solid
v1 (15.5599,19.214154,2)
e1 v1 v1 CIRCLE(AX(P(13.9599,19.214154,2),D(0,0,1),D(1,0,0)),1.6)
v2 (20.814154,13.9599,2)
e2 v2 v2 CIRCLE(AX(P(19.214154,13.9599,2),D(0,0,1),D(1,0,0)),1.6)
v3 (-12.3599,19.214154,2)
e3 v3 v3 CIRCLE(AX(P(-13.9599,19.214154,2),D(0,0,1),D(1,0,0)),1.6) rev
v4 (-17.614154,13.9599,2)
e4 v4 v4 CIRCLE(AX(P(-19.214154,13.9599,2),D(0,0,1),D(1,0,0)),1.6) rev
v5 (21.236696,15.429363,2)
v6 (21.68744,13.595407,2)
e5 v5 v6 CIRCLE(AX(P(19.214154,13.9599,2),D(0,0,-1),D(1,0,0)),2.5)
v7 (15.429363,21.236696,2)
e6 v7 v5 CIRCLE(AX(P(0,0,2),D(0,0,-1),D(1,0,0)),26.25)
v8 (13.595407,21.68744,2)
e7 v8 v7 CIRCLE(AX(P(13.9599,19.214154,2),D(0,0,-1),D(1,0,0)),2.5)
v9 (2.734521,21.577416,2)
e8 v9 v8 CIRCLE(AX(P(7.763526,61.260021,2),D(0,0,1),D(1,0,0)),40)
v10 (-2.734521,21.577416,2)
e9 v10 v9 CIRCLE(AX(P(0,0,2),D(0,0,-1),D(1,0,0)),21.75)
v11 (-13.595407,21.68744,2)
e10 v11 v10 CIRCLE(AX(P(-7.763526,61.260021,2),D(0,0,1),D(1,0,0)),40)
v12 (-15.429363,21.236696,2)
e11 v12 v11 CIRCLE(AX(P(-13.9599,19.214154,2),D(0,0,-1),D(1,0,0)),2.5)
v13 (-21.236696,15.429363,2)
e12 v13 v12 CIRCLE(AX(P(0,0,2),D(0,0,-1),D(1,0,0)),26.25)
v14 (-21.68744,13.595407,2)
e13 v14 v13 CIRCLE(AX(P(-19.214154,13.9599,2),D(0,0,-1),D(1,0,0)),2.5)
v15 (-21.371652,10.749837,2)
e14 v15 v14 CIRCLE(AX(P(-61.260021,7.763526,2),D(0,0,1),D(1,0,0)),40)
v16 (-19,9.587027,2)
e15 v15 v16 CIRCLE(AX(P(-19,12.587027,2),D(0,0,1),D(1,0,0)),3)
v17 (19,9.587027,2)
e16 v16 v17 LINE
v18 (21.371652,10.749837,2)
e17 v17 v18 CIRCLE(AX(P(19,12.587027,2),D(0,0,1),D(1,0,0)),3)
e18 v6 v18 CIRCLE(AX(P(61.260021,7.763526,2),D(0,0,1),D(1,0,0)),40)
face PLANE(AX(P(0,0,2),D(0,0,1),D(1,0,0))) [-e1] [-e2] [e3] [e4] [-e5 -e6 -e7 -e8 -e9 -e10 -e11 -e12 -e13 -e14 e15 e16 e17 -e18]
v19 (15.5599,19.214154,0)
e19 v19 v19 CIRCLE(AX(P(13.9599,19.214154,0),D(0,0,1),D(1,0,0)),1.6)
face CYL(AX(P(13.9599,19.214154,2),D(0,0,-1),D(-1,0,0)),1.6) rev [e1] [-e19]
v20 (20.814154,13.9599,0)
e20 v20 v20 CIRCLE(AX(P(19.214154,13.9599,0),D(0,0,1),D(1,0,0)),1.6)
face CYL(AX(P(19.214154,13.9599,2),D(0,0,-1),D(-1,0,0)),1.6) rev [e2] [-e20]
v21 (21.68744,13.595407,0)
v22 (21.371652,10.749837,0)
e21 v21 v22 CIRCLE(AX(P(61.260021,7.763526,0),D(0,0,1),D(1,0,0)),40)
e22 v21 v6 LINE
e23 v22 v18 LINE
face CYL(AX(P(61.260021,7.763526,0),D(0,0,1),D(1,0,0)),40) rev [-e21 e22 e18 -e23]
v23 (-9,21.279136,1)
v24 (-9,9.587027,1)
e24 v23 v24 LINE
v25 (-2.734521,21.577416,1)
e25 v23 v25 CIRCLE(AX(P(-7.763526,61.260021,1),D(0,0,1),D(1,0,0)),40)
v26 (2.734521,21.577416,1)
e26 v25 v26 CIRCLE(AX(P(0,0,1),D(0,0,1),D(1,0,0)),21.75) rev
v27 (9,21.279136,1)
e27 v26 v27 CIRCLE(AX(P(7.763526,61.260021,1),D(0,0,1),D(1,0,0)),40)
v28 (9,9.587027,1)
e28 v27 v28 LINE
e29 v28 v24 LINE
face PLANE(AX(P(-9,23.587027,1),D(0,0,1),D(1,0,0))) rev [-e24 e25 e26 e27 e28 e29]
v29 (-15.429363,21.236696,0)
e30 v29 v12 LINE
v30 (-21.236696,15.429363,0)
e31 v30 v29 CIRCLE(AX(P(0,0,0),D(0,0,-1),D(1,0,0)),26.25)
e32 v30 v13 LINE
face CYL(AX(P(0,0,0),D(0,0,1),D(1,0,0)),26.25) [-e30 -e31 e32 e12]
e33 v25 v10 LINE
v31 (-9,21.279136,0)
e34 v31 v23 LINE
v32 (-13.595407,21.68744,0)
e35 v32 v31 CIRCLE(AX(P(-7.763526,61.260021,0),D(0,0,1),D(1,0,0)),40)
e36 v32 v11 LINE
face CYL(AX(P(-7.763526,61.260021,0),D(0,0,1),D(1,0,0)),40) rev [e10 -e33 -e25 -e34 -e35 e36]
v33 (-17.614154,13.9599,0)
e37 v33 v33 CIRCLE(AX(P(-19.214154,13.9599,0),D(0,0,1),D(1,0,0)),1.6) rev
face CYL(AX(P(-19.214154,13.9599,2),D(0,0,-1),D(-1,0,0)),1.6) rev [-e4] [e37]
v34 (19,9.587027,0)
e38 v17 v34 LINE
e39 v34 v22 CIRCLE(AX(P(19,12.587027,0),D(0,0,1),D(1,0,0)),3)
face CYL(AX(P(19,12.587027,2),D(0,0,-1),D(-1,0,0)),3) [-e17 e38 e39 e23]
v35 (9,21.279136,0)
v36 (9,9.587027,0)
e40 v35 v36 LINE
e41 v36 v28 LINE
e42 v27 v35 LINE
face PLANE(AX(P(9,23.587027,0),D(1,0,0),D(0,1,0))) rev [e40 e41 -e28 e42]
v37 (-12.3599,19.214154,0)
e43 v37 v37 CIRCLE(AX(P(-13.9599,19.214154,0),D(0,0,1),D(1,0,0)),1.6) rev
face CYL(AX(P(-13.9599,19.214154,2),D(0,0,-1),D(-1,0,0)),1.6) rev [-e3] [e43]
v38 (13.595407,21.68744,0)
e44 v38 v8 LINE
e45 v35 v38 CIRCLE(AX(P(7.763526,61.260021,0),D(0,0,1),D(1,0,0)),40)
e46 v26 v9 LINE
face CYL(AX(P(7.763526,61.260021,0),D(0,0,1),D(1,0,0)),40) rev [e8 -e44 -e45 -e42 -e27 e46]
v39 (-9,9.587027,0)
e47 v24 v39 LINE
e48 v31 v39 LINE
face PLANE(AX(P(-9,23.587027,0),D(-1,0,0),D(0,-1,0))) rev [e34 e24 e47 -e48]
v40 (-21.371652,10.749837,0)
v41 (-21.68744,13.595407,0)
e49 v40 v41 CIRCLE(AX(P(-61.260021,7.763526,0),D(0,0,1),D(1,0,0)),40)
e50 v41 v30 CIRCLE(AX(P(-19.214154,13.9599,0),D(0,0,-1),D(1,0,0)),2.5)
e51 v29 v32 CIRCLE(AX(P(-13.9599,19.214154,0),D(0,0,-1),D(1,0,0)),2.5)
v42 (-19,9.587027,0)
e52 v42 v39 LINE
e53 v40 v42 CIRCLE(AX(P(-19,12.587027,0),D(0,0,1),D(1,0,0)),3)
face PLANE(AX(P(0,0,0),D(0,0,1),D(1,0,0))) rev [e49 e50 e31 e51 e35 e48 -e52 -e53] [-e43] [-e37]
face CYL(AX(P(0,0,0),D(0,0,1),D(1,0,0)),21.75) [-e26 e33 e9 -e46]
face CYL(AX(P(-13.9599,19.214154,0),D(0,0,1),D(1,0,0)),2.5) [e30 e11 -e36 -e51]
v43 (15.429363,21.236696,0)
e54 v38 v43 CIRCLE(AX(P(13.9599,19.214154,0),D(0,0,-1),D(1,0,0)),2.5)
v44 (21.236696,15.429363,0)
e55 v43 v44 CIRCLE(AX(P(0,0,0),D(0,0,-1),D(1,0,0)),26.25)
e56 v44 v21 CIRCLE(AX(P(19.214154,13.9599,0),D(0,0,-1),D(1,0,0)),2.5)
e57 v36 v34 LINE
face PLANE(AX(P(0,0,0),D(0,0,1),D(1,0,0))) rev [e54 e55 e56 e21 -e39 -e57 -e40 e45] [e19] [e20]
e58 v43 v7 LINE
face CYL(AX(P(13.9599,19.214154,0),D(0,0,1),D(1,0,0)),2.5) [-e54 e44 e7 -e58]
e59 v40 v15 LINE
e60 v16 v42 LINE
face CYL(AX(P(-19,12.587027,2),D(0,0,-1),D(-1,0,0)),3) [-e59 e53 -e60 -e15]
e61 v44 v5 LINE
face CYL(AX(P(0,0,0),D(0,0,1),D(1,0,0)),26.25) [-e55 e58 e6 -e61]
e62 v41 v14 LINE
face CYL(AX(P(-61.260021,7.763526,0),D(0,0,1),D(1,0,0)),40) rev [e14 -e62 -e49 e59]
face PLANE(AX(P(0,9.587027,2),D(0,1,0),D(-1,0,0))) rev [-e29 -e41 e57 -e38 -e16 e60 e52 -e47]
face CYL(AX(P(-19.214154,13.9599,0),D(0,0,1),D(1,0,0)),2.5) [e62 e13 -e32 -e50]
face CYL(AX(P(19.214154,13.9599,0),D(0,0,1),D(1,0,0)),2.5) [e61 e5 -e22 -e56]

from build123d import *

# Parameters (mm, degrees)
SKETCH_1_R          = 1.6
EXTRUDE_1_DEPTH     = 2
SKETCH_2_W          = 18
SKETCH_2_H          = 1
CUT_EXTRUDE_1_DEPTH = 27.153393661
CUT_EXTRUDE_2_DEPTH = 33.316370891


with BuildPart() as part:
    # 草图1 → 凸台-拉伸1 (new body)
    with BuildSketch(Plane.XY):
        with BuildLine():
            Line((-19, 23.587026679), (19, 23.587026679))
            ThreePointArc((19, 23.587026679), (21.121320344, 22.708347023), (22, 20.587026679))
            Line((22, 20.587026679), (22, 12.587026679))
            ThreePointArc((22, 12.587026679), (21.121320344, 10.465706336), (19, 9.587026679))
            Line((19, 9.587026679), (-19, 9.587026679))
            ThreePointArc((-19, 9.587026679), (-21.121320344, 10.465706336), (-22, 12.587026679))
            Line((-22, 12.587026679), (-22, 20.587026679))
            ThreePointArc((-22, 20.587026679), (-21.121320344, 22.708347023), (-19, 23.587026679))
        make_face()
        with Locations((19.214153616, 13.959899742)):
            Circle(SKETCH_1_R, mode=Mode.SUBTRACT)
        with Locations((13.959899742, 19.214153616)):
            Circle(SKETCH_1_R, mode=Mode.SUBTRACT)
        with Locations((-13.959899742, 19.214153616)):
            Circle(SKETCH_1_R, mode=Mode.SUBTRACT)
        with Locations((-19.214153616, 13.959899742)):
            Circle(SKETCH_1_R, mode=Mode.SUBTRACT)
    extrude(amount=EXTRUDE_1_DEPTH)

    # 草图2 → 切除-拉伸1 (cut, through all)
    with BuildSketch(Plane.XZ.offset(-9.587026679)):
        with Locations((0, 0.5)):
            Rectangle(SKETCH_2_W, SKETCH_2_H)
    extrude(amount=-CUT_EXTRUDE_1_DEPTH, mode=Mode.SUBTRACT)

    # 草图3 → 切除-拉伸2 (cut, through all)
    with BuildSketch(Plane.XY.offset(2)):
        with BuildLine():
            Line((22, 12.587026679), (22, 20.587026679))
            ThreePointArc((22, 20.587026679), (21.121320344, 22.708347023), (19, 23.587026679))
            Line((19, 23.587026679), (-19, 23.587026679))
            ThreePointArc((-19, 23.587026679), (-21.121320344, 22.708347023), (-22, 20.587026679))
            Line((-22, 20.587026679), (-22, 12.587026679))
            ThreePointArc((-22, 12.587026679), (-21.838569798, 11.616191212), (-21.371652331, 10.749837189))
            ThreePointArc((-21.371652331, 10.749837189), (-21.504078669, 12.175448442), (-21.687439927, 13.595407183))
            ThreePointArc((-21.687439927, 13.595407183), (-21.641903091, 14.556584324), (-21.236696102, 15.429362873))
            ThreePointArc((-21.236696102, 15.429362873), (-18.561553006, 18.561553006), (-15.429362873, 21.236696102))
            ThreePointArc((-15.429362873, 21.236696102), (-14.556584324, 21.641903091), (-13.595407183, 21.687439927))
            ThreePointArc((-13.595407183, 21.687439927), (-8.168716079, 21.262073185), (-2.734521388, 21.577416267))
            ThreePointArc((-2.734521388, 21.577416267), (0, 21.75), (2.734521388, 21.577416267))
            ThreePointArc((2.734521388, 21.577416267), (8.168716079, 21.262073185), (13.595407183, 21.687439927))
            ThreePointArc((13.595407183, 21.687439927), (14.556584324, 21.641903091), (15.429362873, 21.236696102))
            ThreePointArc((15.429362873, 21.236696102), (18.561553006, 18.561553006), (21.236696102, 15.429362873))
            ThreePointArc((21.236696102, 15.429362873), (21.641903091, 14.556584324), (21.687439927, 13.595407183))
            ThreePointArc((21.687439927, 13.595407183), (21.504078669, 12.175448442), (21.371652331, 10.749837189))
            ThreePointArc((21.371652331, 10.749837189), (21.838569798, 11.616191212), (22, 12.587026679))
        make_face()
    extrude(amount=-CUT_EXTRUDE_2_DEPTH, mode=Mode.SUBTRACT)


solid = part.part
